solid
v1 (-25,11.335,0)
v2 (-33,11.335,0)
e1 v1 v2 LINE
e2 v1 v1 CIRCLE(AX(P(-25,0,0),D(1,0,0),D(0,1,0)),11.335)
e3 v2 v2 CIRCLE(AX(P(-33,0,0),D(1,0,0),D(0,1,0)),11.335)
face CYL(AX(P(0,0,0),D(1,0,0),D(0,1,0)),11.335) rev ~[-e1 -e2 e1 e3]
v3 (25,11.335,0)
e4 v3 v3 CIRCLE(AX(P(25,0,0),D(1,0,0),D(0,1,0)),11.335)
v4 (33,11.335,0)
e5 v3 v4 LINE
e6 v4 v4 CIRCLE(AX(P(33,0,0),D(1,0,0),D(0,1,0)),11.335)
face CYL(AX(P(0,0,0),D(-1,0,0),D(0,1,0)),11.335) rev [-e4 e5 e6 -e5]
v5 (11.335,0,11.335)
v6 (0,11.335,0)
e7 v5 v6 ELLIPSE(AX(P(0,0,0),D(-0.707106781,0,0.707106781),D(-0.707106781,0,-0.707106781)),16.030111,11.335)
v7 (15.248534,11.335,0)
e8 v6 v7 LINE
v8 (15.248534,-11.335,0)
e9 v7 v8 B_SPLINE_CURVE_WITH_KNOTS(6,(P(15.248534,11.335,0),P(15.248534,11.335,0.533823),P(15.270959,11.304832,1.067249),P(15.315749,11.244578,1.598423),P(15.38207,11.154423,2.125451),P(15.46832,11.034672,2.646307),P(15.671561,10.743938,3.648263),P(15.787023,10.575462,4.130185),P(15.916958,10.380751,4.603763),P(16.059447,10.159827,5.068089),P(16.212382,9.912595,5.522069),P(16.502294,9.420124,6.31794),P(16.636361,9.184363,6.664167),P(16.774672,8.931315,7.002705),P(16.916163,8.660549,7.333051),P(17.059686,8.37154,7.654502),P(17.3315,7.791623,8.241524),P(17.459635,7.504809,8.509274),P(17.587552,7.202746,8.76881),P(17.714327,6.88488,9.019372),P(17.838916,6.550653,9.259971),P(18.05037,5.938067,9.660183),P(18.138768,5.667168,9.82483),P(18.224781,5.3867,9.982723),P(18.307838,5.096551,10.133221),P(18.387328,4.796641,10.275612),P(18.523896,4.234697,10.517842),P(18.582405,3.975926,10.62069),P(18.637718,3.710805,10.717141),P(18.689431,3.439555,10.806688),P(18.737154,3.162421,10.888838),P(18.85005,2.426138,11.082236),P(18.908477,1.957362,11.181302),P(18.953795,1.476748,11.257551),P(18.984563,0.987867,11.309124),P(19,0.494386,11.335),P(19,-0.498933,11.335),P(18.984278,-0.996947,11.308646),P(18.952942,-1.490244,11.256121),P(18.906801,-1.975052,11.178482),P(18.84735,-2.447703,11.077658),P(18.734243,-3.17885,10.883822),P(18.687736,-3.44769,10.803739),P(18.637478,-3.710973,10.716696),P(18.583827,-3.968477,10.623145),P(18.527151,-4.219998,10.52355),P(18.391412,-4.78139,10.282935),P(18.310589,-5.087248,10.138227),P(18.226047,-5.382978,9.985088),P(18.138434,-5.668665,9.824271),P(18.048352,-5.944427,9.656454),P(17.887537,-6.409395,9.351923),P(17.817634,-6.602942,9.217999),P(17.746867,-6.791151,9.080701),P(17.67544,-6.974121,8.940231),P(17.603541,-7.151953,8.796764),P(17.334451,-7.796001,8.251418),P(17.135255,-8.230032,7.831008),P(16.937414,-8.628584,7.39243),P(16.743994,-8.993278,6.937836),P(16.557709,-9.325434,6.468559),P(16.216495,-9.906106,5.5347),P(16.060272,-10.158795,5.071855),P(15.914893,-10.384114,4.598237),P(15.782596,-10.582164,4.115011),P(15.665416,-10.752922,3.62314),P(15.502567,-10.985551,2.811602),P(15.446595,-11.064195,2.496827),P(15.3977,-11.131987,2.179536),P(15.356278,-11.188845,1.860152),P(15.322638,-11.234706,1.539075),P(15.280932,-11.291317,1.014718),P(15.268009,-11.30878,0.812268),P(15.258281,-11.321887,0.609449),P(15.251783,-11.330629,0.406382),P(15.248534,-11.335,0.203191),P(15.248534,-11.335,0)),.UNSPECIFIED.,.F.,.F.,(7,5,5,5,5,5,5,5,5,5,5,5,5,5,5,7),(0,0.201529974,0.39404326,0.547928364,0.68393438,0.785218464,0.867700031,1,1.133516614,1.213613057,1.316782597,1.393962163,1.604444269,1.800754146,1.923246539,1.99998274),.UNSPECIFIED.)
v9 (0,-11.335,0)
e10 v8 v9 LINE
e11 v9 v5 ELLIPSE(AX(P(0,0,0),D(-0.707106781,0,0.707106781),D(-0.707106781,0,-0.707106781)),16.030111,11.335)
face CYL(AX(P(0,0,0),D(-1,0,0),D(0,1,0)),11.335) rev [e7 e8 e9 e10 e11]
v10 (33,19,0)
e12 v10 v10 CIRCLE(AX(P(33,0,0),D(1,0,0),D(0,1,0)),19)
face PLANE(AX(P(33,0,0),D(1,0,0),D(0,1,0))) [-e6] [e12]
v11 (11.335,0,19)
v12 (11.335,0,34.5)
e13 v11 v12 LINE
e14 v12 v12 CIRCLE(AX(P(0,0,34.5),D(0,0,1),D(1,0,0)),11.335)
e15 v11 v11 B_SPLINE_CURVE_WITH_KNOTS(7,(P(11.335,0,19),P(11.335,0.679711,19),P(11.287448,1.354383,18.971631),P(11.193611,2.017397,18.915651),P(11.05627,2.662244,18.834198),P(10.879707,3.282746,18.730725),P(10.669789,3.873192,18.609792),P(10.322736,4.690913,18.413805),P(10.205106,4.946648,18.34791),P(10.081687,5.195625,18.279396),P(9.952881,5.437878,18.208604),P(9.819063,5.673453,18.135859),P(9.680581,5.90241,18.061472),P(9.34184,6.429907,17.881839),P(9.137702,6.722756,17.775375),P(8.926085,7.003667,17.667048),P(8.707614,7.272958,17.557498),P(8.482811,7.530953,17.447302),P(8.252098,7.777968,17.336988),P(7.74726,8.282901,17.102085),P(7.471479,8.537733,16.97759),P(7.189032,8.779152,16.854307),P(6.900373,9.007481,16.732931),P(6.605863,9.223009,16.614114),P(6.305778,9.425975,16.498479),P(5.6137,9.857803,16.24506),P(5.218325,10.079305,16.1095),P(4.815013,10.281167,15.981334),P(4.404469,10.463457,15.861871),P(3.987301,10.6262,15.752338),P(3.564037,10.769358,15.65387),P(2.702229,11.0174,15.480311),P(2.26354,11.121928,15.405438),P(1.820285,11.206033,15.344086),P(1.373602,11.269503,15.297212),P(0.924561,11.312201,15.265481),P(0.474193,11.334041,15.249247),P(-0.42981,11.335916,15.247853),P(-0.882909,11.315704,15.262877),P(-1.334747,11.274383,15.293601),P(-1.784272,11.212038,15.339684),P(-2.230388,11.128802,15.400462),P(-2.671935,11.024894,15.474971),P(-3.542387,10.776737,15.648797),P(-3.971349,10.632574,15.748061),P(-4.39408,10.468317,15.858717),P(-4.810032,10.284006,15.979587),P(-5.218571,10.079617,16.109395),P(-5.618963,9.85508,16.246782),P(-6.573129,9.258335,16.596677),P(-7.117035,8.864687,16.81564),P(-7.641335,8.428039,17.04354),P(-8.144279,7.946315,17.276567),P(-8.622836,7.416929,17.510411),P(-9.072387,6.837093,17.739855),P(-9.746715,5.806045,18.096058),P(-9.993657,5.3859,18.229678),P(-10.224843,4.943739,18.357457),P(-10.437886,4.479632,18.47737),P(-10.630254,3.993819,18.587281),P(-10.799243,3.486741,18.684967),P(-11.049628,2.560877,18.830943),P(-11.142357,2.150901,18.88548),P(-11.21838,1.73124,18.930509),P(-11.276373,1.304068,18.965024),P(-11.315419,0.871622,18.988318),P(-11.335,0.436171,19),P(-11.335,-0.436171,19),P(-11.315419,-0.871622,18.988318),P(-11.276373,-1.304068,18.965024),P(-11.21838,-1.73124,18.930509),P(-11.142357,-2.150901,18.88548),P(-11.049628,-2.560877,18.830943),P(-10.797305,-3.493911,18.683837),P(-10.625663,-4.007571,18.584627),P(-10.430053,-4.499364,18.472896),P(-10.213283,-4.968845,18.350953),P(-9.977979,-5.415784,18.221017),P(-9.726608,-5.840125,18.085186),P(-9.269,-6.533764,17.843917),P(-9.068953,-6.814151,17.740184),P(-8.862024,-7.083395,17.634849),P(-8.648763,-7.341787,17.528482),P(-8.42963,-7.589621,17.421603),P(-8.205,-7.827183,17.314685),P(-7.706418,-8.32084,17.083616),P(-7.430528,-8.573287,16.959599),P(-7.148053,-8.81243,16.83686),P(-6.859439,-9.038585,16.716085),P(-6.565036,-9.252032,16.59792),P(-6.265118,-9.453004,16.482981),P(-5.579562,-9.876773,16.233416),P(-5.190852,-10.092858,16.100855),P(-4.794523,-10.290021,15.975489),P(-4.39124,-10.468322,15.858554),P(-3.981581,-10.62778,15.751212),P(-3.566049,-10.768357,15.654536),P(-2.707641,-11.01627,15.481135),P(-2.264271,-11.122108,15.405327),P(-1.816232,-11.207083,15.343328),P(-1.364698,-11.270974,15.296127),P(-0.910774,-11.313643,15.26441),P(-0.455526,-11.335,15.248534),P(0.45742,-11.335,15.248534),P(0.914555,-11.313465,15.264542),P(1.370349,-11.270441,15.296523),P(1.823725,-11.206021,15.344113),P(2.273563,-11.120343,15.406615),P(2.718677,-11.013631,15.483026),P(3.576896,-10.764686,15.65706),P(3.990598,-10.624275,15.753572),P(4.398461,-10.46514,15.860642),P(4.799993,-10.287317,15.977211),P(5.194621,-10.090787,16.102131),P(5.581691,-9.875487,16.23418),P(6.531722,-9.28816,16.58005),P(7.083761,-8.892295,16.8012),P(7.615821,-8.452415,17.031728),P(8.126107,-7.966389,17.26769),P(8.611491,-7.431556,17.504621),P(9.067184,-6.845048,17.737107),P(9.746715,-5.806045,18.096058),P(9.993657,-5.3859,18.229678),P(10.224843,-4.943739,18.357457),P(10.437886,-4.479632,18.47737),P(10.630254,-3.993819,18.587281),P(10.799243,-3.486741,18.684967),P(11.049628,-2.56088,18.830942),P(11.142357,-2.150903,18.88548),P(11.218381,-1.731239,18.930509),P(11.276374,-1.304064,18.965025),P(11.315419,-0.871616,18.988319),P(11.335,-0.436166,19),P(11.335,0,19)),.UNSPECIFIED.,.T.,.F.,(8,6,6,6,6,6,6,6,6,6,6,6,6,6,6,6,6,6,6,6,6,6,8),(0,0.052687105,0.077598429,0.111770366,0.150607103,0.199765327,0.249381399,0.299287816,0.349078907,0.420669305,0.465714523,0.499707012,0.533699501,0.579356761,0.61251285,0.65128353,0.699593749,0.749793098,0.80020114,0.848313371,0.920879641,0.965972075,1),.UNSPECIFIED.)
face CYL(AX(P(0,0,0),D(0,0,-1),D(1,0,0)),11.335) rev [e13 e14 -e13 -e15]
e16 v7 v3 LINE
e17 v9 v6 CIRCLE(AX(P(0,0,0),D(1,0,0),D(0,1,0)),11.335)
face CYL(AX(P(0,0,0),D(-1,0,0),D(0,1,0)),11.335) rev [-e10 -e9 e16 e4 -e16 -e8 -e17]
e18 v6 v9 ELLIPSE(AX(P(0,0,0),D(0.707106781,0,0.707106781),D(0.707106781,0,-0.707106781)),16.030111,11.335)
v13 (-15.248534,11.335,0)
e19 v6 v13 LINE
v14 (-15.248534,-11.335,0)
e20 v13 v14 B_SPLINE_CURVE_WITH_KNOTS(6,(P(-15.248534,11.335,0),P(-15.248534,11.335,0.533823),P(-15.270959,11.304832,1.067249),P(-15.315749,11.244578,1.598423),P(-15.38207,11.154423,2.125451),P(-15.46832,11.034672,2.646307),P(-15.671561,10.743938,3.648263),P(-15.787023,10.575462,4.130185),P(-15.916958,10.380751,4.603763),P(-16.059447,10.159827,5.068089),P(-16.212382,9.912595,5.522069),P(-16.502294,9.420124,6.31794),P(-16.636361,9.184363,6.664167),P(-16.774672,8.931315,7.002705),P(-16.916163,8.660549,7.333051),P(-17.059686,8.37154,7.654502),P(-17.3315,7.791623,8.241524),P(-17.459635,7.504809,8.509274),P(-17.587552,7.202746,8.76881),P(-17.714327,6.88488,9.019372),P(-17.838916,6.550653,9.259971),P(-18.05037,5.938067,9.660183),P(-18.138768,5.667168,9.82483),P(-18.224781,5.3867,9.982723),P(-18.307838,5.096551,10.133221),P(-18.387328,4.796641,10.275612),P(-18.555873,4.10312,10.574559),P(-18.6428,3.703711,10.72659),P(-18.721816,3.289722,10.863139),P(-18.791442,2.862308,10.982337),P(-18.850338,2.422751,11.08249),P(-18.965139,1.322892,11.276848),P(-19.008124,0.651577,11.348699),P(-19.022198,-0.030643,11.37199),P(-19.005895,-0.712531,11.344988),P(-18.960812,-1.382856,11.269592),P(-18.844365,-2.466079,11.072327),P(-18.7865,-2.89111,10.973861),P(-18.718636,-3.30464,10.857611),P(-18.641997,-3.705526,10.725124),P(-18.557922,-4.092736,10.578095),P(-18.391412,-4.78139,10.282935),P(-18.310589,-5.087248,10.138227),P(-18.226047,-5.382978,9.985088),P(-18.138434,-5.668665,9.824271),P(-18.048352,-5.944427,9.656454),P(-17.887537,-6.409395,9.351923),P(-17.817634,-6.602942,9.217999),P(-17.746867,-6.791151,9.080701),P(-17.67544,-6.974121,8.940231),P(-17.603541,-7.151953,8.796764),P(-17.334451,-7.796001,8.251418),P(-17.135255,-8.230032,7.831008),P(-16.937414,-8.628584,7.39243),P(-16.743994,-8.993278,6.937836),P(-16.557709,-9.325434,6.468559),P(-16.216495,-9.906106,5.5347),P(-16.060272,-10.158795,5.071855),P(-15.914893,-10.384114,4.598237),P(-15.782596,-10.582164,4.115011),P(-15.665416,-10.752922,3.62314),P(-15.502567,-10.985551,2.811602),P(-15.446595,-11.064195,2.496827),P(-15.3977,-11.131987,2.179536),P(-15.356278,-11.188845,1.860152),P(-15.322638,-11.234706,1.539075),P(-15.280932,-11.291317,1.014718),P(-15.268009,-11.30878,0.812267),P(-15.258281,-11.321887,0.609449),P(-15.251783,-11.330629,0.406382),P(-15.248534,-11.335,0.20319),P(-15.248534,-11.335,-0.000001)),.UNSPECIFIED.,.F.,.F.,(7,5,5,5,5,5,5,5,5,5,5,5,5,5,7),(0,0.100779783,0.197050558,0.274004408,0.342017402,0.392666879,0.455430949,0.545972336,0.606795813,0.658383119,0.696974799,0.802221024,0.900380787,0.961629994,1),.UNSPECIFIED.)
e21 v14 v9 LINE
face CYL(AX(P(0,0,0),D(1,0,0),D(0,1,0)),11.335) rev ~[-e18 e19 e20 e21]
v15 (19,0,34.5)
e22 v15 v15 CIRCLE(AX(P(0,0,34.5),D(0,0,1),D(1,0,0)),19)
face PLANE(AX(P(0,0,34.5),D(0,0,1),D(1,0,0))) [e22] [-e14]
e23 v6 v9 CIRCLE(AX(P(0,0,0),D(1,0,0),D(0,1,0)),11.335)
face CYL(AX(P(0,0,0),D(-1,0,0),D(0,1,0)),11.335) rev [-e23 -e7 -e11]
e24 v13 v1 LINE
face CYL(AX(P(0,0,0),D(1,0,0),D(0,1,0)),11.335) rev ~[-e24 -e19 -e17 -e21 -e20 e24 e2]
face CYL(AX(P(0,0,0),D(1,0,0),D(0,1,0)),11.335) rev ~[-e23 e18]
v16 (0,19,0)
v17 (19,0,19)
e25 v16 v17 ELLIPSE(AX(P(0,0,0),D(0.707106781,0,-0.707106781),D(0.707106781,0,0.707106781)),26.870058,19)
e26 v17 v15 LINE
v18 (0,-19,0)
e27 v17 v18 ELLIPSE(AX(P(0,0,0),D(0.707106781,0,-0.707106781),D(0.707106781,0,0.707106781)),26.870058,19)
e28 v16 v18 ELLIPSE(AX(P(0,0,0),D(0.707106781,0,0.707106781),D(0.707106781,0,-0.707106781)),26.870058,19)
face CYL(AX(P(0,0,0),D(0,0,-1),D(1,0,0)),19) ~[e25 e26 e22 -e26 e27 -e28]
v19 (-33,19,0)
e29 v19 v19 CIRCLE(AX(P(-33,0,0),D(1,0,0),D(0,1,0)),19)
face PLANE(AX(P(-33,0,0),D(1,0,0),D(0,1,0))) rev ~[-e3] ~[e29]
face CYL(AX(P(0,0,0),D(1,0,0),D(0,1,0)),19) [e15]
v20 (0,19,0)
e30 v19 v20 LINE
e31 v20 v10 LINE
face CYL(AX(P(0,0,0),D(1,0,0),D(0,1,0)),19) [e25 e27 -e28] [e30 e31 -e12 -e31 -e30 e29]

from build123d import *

# Parameters (mm, degrees)
F0_R          = 19
F0_R_2        = 11.335
F1_DEPTH      = 33
F1_DEPTH_BACK = 33
F2_R          = 19
F2_R_2        = 11.335
F3_DEPTH      = 34.5
F4_DEPTH      = 25
F4_DEPTH_BACK = 25


with BuildPart() as f1:
    # F0 (on Right) → F1 (new body, two sides)
    with BuildSketch(Plane.YZ) as f1_sk:
        Circle(F0_R)
        Circle(F0_R_2, mode=Mode.SUBTRACT)
    extrude(amount=F1_DEPTH)
    extrude(f1_sk.sketch, amount=-F1_DEPTH_BACK)

    # F2 (on Top) → F3 (join)
    with BuildSketch(Plane.XY):
        Circle(F2_R)
        Circle(F2_R_2, mode=Mode.SUBTRACT)
    extrude(amount=F3_DEPTH)

    # F0 (on Right) → F4 (cut, two sides)
    with BuildSketch(Plane.YZ) as f4_sk:
        Circle(F0_R_2)
    extrude(amount=-F4_DEPTH, mode=Mode.SUBTRACT)
    extrude(f4_sk.sketch, amount=F4_DEPTH_BACK, mode=Mode.SUBTRACT)


solid = f1.part
